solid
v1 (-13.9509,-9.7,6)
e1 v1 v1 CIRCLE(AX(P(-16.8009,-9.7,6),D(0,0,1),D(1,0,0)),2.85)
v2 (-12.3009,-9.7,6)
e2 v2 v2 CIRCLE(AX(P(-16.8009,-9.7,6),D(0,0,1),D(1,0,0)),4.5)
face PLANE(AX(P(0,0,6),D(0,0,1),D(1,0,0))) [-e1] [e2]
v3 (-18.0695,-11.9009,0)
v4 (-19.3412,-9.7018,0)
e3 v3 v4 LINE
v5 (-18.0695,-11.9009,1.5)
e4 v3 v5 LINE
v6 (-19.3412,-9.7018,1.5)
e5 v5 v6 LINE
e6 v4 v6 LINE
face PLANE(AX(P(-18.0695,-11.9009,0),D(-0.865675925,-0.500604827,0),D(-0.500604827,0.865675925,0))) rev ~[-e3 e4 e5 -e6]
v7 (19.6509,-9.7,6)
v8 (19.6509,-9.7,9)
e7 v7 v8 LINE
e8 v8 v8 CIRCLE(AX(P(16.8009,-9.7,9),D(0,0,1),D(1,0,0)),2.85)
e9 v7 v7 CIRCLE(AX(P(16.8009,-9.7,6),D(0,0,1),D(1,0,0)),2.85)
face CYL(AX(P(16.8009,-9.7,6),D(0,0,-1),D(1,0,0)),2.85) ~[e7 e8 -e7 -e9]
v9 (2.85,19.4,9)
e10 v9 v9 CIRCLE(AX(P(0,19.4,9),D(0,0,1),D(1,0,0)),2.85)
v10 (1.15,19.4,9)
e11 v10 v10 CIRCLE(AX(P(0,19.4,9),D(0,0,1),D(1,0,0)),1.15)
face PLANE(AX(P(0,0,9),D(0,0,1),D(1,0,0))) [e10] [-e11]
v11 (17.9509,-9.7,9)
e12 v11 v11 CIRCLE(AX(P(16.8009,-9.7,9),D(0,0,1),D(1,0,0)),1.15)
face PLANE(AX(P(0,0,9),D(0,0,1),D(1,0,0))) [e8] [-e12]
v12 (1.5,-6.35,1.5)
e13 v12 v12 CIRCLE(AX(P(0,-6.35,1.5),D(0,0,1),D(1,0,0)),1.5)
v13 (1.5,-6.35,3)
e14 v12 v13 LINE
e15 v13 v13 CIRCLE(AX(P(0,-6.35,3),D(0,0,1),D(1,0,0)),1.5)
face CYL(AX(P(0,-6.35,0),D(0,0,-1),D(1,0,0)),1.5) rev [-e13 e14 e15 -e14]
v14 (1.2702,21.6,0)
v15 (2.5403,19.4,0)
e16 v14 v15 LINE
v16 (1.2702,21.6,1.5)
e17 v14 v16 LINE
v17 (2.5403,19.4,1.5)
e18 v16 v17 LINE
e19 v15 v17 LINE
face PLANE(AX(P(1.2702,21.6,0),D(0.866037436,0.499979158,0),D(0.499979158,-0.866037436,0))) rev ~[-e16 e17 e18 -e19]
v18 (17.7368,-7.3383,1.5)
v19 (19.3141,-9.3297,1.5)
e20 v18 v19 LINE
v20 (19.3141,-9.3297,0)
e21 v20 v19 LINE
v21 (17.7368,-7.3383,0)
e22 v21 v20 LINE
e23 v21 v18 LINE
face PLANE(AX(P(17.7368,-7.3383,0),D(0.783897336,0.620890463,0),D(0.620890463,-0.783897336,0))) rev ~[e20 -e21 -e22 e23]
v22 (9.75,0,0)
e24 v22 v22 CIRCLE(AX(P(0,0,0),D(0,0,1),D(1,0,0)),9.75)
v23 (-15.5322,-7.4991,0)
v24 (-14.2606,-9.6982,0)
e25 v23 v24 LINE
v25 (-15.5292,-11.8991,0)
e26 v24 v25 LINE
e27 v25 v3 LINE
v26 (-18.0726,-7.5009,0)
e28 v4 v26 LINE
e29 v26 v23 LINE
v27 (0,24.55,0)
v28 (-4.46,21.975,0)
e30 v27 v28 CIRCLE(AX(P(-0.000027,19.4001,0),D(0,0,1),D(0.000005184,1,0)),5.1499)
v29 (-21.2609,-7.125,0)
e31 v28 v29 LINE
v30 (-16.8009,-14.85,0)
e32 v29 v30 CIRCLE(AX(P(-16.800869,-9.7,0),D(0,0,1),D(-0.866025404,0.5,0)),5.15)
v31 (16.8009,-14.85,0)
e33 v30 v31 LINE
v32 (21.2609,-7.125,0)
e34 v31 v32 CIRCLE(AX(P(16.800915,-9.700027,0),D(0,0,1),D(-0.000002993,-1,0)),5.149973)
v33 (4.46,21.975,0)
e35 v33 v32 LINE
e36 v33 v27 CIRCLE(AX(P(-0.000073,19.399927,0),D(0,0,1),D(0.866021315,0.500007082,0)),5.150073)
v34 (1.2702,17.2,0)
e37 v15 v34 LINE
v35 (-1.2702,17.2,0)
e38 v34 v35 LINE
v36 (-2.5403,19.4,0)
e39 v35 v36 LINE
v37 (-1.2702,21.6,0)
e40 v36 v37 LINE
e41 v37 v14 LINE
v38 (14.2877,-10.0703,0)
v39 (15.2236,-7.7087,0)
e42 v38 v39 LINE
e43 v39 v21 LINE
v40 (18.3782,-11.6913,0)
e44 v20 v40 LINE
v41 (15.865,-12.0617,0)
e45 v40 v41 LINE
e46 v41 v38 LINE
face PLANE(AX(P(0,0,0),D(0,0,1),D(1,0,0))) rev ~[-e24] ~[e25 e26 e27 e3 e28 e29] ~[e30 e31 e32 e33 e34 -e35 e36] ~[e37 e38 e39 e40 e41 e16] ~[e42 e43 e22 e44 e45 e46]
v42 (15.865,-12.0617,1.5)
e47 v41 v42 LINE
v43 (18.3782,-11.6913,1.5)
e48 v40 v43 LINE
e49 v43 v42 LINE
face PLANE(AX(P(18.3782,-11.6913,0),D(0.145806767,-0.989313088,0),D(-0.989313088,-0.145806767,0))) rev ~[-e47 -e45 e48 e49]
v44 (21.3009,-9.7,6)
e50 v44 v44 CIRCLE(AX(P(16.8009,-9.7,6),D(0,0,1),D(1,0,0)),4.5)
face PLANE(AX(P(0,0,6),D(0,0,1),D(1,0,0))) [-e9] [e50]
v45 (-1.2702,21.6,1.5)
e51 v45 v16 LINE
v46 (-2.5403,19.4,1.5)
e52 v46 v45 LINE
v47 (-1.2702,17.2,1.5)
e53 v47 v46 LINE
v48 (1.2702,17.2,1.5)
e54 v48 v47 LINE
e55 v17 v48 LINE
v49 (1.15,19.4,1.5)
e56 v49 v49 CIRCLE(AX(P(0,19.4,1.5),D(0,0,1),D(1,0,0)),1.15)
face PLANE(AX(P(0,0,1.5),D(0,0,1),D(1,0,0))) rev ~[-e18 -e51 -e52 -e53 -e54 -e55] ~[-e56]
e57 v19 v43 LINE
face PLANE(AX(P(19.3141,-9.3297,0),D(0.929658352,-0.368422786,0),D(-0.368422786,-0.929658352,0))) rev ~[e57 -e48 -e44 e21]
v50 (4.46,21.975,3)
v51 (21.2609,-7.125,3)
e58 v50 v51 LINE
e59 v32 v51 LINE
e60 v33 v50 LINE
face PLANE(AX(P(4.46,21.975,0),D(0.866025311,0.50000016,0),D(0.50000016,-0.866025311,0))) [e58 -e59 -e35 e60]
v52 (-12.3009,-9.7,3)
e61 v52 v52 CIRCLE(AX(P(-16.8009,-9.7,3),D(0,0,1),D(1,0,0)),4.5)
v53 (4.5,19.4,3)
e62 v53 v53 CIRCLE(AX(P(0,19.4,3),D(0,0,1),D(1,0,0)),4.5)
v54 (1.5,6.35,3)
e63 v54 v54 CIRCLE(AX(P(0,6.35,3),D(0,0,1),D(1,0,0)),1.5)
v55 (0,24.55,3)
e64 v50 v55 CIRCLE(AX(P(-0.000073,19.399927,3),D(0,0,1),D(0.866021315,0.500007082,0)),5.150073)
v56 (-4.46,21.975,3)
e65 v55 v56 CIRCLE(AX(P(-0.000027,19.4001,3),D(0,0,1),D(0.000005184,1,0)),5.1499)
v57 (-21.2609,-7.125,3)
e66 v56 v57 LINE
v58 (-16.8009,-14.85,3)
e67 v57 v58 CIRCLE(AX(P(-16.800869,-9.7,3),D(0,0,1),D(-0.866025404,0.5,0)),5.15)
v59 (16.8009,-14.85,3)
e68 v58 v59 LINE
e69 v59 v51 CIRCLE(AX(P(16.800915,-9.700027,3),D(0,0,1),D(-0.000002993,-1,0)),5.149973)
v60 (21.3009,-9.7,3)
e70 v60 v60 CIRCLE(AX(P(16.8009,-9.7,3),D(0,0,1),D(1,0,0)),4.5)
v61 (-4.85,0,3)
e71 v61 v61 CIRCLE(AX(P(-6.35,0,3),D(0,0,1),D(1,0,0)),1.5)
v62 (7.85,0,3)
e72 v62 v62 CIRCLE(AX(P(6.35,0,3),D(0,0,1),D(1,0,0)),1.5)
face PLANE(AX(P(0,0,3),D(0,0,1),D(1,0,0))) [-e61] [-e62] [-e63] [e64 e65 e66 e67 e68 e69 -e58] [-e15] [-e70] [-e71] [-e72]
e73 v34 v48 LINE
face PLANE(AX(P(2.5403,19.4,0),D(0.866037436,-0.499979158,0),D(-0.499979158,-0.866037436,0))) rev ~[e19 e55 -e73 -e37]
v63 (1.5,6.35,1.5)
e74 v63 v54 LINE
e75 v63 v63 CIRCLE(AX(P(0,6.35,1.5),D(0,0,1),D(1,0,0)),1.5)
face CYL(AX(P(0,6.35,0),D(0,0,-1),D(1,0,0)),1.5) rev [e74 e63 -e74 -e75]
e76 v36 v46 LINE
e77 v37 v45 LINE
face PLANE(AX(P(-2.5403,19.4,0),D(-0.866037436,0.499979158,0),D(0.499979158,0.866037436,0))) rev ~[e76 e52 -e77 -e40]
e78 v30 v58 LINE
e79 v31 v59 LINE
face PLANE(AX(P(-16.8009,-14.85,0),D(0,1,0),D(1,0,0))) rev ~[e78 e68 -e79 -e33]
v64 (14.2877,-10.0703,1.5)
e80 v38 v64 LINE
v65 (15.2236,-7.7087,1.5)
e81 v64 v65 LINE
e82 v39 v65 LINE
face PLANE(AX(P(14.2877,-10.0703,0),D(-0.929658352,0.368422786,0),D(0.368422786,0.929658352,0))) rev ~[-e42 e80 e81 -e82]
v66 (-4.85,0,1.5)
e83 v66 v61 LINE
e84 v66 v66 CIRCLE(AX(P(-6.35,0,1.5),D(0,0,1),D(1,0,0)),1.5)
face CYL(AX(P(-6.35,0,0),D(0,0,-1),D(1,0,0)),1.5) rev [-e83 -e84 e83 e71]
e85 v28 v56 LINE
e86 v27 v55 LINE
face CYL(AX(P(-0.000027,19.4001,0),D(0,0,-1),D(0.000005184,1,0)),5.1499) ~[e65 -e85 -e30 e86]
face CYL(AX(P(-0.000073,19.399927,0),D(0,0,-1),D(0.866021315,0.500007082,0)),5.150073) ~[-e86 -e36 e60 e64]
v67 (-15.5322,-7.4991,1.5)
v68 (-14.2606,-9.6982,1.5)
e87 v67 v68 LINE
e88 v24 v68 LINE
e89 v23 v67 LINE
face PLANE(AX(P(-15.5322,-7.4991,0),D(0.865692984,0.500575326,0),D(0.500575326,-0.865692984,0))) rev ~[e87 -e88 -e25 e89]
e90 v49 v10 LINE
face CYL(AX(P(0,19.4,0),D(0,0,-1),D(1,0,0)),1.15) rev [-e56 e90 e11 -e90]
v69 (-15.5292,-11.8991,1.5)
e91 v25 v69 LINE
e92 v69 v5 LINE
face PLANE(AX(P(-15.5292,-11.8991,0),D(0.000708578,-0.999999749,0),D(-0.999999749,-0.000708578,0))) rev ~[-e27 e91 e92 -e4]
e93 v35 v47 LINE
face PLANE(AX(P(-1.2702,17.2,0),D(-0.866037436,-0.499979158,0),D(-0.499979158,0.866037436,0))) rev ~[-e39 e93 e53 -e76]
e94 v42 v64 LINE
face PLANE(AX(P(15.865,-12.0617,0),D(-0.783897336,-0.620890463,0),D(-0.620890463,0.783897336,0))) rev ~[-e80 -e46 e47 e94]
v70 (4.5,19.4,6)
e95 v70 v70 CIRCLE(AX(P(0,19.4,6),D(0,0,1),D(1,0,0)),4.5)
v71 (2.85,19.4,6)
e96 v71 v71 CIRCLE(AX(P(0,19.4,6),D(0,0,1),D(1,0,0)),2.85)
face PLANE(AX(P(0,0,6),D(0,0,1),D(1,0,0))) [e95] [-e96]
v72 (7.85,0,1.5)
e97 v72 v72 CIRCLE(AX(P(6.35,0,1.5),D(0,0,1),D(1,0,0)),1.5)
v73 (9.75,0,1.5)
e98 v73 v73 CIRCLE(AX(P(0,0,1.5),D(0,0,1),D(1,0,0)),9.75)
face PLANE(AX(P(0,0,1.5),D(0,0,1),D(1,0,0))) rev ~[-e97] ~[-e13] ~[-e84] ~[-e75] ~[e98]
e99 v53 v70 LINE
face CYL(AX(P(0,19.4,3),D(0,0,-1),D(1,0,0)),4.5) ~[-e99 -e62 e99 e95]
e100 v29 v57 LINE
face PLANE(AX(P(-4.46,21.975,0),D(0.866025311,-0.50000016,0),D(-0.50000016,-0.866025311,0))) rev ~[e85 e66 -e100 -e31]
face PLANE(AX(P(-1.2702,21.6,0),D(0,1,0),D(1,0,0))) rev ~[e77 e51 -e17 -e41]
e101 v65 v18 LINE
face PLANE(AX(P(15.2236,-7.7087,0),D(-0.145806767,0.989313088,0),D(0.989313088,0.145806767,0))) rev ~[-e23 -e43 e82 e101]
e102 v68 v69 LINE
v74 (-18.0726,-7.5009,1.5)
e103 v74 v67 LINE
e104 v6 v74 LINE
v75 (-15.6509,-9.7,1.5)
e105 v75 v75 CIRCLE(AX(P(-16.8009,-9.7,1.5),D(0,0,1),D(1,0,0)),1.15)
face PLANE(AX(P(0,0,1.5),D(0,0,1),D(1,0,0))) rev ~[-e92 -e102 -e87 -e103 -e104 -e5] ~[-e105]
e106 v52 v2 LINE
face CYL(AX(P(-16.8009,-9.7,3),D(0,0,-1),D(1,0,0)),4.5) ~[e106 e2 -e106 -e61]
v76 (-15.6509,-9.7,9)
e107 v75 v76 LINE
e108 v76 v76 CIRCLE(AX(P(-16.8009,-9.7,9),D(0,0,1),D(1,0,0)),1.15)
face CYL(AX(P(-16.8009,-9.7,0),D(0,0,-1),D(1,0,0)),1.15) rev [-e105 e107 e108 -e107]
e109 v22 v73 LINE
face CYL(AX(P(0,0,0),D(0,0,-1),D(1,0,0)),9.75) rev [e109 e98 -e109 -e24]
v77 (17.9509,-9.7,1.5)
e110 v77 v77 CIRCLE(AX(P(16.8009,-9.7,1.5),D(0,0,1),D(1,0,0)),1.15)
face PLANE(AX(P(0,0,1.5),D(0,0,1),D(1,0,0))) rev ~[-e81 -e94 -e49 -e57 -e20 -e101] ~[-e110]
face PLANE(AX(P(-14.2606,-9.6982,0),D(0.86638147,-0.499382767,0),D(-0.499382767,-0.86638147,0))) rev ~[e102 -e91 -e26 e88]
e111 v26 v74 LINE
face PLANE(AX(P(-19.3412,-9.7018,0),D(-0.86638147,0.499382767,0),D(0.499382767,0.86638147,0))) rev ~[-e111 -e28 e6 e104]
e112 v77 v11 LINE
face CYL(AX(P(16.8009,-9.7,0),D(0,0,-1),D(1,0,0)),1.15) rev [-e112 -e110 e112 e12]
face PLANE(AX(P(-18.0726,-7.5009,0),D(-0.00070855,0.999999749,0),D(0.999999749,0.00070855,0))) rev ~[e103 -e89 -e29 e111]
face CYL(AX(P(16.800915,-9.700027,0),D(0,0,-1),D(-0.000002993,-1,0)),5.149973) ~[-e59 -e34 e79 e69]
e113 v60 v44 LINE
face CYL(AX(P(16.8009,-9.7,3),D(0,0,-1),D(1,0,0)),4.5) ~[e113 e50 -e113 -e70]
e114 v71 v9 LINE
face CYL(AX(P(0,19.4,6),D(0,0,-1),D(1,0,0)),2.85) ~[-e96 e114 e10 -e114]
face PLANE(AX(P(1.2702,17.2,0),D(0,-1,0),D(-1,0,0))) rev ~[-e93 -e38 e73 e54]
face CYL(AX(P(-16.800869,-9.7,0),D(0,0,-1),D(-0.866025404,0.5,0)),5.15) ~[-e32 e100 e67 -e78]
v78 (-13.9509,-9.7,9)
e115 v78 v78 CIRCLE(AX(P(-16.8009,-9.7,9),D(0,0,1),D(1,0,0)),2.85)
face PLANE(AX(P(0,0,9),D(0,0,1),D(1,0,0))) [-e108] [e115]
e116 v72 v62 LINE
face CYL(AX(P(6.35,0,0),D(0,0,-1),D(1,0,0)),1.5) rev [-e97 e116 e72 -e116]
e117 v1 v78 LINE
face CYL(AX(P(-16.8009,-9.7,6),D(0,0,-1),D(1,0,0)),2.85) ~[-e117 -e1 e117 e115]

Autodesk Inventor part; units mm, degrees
ref_plane "YZ Plane" through (0, 0, 0) normal (1, 0, 0) x (0, 1, 0)
ref_plane "XZ Plane" through (0, 0, 0) normal (0, 1, 0) x (-1, 0, 0)
ref_plane "XY Plane" through (0, 0, 0) normal (0, 0, 1) x (1, 0, 0)
sketch "Skizze1" plane through (0, 0, 0) normal (0, 0, 1) x (1, 0, 0)
  circle A0 centre (0, 0) radius 19.4 construction
  circle A1 centre (0, 0) radius 9.75
  circle A2 centre (0, 19.4) radius 1.15
  line L0 (0, 0) -> (-16.8009, -9.7) construction
  line L1 (0, 34.057) -> (0, -28.3095) construction
  line L2 (-32.8873, 0) -> (32.8873, 0) construction
  circle A3 centre (0, 0) radius 6.35 construction
  circle A4 centre (0, 6.35) radius 1.5
  circle A5 centre (0, -6.35) radius 1.5
  circle A6 centre (6.35, 0) radius 1.5
  circle A7 centre (-6.35, 0) radius 1.5
  arc A8 (0, 24.55) -> (-4.46, 21.975) centre (0, 19.4) ccw
  circle A9 centre (16.8009, -9.7) radius 1.15
  arc A10 (16.8009, -14.85) -> (21.2609, -7.125) centre (16.8009, -9.7) ccw
  circle A11 centre (-16.8009, -9.7) radius 1.15
  arc A12 (-21.2609, -7.125) -> (-16.8009, -14.85) centre (-16.8009, -9.7) ccw
  circle A13 centre (0, 19.4) radius 2.85
  circle A14 centre (16.8009, -9.7) radius 2.85
  circle A15 centre (-16.8009, -9.7) radius 2.85
  circle A16 centre (0, 19.4) radius 4.5
  circle A17 centre (16.8009, -9.7) radius 4.5
  circle A18 centre (-16.8009, -9.7) radius 4.5
  line L3 (-4.46, 21.975) -> (-21.2609, -7.125)
  line L4 (-16.8009, -14.85) -> (16.8009, -14.85)
  line L5 (4.46, 21.975) -> (21.2609, -7.125)
  arc A19 (4.46, 21.975) -> (0, 24.55) centre (0, 19.4) ccw
  circle A20 centre (0, 19.4) radius 2.2 construction
  line L6 (1.2702, 21.6) -> (2.5403, 19.4)
  line L7 (2.5403, 19.4) -> (1.2702, 17.2)
  line L8 (1.2702, 17.2) -> (-1.2702, 17.2)
  line L9 (-1.2702, 17.2) -> (-2.5403, 19.4)
  line L10 (-2.5403, 19.4) -> (-1.2702, 21.6)
  line L11 (-1.2702, 21.6) -> (1.2702, 21.6)
  circle A21 centre (-16.8009, -9.7) radius 2.2 construction
  circle A22 centre (16.8009, -9.7) radius 2.2 construction
  line L12 (-18.0695, -11.9009) -> (-19.3412, -9.7018)
  line L13 (-19.3412, -9.7018) -> (-18.0726, -7.5009)
  line L14 (-18.0726, -7.5009) -> (-15.5322, -7.4991)
  line L15 (-15.5322, -7.4991) -> (-14.2606, -9.6982)
  line L16 (-14.2606, -9.6982) -> (-15.5292, -11.8991)
  line L17 (-15.5292, -11.8991) -> (-18.0695, -11.9009)
  line L18 (15.865, -12.0617) -> (14.2877, -10.0703)
  line L19 (14.2877, -10.0703) -> (15.2236, -7.7087)
  line L20 (15.2236, -7.7087) -> (17.7368, -7.3383)
  line L21 (17.7368, -7.3383) -> (19.3141, -9.3297)
  line L22 (19.3141, -9.3297) -> (18.3782, -11.6913)
  line L23 (18.3782, -11.6913) -> (15.865, -12.0617)
  point P0 (0, 21.6)
  point P1 (-16.8009, -9.7)
  point P2 (-16.7994, -11.9)
  point P3 (17.1216, -11.8765)
  dimension "d31" = 4.4
  dimension "d0" = 38.8
  dimension "d1" = 2.3
  dimension "d2" = 30
  dimension "d3" = 19.5
  dimension "d4" = 12.7
  dimension "d5" = 3
  dimension "d8" = 4
  dimension "d26" = 5.7
  dimension "d30" = 9
extrude "Extrusion1" add sketch "Skizze1" along normal blind 3 contours A1 | A19 L5 A10 L4 A12 L3 A8 | A13 | A14 | A15 | A16 | A17 | A18 | L6 L7 L8 L9 L10 L11 | L12 L13 L14 L15 L16 L17 | L18 L19 L20 L21 L22 L23
extrude "Extrusion3" cut sketch "Skizze1" along normal blind 1.5 contours A1
extrude "Extrusion4" add sketch "Skizze1" along normal blind 3 from surface at 3 contours A13 | A14 | A15 | A16 | A17 | A18 | L6 L7 L8 L9 L10 L11 | L12 L13 L14 L15 L16 L17 | L18 L19 L20 L21 L22 L23
extrude "Extrusion6" add sketch "Skizze1" along normal blind 3 from surface at 6 contours A13 | A14 | A15 | L6 L7 L8 L9 L10 L11 | L12 L13 L14 L15 L16 L17 | L18 L19 L20 L21 L22 L23
extrude "Extrusion8" cut sketch "Skizze1" along normal blind 1.5 contours L6 L7 L8 L9 L10 L11 | L12 L13 L14 L15 L16 L17 | L18 L19 L20 L21 L22 L23
properties part number "PlanetaryHolderTop"
